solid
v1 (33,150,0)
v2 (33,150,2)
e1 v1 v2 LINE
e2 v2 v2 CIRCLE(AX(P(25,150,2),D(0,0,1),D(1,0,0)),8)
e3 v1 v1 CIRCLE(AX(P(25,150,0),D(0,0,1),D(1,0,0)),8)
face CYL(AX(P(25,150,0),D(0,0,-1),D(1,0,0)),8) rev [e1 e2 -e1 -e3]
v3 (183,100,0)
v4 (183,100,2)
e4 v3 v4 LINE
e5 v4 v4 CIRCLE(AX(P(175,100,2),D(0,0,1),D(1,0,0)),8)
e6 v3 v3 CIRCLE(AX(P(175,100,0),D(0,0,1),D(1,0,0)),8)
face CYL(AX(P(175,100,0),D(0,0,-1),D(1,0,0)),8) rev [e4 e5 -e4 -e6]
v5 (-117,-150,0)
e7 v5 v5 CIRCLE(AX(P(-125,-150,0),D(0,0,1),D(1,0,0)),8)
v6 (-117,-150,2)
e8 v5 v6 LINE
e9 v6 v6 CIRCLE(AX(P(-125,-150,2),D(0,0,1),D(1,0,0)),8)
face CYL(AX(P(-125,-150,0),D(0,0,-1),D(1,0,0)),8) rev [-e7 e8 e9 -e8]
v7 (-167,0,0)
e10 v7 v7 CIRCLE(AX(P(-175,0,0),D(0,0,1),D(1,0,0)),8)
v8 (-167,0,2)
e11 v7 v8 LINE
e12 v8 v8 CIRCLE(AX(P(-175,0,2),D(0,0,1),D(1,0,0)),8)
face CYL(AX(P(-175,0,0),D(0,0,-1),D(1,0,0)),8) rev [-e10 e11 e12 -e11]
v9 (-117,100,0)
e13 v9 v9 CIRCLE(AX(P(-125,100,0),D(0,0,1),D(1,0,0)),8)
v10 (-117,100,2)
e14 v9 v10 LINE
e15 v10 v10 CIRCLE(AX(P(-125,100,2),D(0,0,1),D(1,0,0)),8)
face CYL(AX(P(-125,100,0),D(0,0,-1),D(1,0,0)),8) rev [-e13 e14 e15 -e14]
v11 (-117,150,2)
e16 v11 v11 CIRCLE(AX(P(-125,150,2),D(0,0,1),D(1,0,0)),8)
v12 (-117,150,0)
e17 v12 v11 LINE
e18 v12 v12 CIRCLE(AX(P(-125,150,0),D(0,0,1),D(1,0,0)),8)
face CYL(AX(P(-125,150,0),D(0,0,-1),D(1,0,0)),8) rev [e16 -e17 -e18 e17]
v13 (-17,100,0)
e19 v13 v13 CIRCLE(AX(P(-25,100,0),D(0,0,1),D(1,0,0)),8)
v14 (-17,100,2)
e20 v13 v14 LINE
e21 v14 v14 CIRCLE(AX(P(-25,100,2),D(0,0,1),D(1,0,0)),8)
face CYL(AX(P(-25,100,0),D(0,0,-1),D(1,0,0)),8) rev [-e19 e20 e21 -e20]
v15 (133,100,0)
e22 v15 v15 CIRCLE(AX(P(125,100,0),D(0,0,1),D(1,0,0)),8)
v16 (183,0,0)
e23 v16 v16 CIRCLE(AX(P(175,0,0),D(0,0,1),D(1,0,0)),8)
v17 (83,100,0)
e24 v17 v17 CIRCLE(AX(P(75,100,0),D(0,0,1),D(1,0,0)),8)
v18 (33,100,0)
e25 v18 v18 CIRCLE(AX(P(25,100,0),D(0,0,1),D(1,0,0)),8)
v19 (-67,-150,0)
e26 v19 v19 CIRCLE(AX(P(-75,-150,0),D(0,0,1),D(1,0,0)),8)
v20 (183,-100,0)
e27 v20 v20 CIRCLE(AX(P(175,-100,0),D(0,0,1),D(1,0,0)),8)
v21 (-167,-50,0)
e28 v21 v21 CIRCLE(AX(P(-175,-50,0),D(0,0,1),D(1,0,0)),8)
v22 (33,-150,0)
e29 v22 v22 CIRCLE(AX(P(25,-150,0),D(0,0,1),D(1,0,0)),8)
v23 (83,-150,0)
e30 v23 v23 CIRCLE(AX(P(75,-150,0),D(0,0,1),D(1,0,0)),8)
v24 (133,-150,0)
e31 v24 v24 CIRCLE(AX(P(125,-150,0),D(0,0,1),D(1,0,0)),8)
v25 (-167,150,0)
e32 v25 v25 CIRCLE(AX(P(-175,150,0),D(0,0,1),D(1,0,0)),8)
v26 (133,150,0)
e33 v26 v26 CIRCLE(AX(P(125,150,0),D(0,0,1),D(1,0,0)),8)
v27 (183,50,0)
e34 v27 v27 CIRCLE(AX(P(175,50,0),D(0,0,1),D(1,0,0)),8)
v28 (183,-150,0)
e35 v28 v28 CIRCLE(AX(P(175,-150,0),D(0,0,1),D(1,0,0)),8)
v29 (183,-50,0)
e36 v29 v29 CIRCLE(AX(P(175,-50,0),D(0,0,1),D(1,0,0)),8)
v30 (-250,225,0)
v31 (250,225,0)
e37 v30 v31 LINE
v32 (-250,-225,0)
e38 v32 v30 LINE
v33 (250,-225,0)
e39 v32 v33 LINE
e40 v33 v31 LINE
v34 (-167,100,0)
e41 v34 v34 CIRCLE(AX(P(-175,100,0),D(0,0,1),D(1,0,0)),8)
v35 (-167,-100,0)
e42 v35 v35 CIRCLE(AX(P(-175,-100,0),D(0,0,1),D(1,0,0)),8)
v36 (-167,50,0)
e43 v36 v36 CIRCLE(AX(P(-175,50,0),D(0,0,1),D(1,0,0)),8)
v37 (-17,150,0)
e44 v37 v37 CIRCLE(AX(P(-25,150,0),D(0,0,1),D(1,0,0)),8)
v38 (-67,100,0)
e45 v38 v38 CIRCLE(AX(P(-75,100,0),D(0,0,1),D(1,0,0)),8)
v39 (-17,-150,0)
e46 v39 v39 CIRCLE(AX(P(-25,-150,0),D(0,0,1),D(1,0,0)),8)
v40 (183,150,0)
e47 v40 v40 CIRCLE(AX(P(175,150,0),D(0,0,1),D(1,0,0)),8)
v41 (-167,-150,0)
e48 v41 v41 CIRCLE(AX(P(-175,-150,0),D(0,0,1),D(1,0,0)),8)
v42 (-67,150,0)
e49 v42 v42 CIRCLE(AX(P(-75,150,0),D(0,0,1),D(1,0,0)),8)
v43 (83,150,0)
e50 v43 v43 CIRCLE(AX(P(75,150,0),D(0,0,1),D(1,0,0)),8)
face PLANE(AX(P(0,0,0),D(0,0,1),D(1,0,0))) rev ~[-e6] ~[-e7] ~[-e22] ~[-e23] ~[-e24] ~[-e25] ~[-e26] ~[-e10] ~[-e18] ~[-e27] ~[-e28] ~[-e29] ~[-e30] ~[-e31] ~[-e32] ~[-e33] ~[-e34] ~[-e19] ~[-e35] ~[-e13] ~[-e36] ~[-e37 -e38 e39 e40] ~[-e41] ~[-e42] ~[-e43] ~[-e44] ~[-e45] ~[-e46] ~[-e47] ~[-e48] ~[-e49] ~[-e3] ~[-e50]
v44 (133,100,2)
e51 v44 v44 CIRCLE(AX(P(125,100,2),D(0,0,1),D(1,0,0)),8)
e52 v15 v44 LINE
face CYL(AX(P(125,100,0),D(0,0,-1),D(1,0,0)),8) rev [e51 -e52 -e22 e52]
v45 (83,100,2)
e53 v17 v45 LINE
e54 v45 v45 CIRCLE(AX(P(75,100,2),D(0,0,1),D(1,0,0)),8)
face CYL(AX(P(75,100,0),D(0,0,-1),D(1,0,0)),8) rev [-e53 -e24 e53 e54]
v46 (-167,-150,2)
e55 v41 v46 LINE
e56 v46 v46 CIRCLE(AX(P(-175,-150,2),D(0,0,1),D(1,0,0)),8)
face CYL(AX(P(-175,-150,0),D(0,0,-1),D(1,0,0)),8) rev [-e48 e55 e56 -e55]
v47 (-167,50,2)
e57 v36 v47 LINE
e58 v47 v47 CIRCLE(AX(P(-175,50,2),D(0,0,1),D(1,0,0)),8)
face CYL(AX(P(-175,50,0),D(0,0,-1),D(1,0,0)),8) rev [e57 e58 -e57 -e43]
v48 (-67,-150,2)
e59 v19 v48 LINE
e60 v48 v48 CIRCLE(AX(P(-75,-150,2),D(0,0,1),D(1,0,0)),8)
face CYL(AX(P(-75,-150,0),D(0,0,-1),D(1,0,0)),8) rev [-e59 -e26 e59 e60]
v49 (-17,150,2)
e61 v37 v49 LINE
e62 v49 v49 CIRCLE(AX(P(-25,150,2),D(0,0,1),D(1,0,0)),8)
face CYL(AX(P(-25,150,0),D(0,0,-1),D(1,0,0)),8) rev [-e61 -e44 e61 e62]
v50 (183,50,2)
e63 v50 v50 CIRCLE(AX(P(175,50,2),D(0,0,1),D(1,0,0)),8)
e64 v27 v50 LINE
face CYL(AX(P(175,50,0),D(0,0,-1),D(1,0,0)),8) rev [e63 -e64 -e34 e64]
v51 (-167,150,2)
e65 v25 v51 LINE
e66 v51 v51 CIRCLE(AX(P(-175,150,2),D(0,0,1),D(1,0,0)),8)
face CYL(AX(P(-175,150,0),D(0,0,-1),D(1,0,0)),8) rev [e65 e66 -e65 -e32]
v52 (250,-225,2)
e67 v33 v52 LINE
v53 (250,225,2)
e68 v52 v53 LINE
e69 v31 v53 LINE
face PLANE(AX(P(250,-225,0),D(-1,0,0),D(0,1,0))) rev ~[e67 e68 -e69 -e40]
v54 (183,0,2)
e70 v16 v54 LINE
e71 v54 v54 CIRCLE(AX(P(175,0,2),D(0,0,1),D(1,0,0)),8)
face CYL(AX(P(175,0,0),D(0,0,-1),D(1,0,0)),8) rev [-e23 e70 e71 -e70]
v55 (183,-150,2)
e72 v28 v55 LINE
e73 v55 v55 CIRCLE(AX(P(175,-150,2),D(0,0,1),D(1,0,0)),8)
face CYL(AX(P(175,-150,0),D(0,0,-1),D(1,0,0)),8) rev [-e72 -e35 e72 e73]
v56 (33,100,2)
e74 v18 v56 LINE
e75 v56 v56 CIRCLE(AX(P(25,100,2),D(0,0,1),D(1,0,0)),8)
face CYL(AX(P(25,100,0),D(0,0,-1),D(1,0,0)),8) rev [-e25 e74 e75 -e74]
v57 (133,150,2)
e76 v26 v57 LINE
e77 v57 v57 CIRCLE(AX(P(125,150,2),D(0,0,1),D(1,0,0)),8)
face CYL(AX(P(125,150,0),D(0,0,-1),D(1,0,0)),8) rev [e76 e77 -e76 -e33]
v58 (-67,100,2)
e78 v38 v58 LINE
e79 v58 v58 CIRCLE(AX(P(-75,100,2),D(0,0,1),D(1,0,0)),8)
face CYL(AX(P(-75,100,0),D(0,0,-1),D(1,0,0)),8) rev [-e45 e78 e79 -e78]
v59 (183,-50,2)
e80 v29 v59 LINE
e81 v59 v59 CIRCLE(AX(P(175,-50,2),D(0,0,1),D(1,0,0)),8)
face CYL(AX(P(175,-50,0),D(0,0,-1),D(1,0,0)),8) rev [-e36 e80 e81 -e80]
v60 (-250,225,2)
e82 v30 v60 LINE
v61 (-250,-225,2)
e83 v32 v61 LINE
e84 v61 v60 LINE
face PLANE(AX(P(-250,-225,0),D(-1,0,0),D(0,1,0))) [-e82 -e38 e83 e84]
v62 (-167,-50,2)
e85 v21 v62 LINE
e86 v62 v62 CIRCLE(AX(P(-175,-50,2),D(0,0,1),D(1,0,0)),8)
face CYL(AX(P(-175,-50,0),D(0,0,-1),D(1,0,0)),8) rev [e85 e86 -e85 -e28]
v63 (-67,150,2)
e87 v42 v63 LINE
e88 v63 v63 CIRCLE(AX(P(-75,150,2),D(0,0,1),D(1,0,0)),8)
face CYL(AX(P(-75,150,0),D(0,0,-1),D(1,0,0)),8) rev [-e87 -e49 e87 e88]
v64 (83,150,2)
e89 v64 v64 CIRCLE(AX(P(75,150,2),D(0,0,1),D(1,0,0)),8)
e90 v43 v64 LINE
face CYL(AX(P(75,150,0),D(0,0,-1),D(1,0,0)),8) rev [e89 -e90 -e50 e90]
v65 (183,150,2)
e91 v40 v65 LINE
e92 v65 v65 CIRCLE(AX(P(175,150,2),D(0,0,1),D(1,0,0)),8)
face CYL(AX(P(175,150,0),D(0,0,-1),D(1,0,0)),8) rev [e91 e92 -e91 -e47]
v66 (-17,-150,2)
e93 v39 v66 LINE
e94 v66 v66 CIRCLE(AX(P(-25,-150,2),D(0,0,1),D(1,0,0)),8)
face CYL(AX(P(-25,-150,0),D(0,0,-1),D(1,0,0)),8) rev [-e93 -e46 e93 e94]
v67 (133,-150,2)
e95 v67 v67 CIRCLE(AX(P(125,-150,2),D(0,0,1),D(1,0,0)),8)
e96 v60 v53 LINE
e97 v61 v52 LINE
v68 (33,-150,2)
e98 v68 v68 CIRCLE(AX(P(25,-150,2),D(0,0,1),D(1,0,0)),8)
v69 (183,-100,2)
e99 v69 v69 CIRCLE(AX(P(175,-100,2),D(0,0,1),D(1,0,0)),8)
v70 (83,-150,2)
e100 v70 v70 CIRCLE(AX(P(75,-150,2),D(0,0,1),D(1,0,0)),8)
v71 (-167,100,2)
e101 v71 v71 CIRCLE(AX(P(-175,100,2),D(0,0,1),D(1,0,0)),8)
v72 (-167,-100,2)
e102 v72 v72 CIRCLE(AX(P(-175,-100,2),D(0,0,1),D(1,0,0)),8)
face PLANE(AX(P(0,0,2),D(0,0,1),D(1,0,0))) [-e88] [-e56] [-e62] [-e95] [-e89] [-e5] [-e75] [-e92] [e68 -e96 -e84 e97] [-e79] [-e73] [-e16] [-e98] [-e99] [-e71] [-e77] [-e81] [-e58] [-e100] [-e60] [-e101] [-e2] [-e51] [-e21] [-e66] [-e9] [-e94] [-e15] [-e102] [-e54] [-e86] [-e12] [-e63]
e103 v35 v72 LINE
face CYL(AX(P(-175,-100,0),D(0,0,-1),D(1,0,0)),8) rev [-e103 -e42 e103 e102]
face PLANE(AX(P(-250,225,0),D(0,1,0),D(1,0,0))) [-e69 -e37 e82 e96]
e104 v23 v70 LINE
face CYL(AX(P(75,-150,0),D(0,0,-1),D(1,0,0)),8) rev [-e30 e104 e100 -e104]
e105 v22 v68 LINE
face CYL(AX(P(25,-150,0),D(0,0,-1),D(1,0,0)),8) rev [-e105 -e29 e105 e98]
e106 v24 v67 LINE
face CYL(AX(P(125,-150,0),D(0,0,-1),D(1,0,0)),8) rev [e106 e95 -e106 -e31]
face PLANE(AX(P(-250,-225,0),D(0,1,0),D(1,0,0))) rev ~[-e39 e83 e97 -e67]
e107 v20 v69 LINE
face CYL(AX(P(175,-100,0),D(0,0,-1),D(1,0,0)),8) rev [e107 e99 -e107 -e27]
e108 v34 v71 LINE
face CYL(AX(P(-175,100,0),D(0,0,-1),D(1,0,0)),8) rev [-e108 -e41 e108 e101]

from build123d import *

# Parameters (mm, degrees)
F0_W     = 500
F0_H     = 450
F0_R     = 8
F1_DEPTH = 2


with BuildPart() as f1:
    # F0 (on Top) → F1 (new body)
    with BuildSketch(Plane.XY):
        Rectangle(F0_W, F0_H)
        with Locations((-175, -150)):
            Circle(F0_R, mode=Mode.SUBTRACT)
        with Locations((-125, -150)):
            Circle(F0_R, mode=Mode.SUBTRACT)
        with Locations((-75, -150)):
            Circle(F0_R, mode=Mode.SUBTRACT)
        with Locations((-25, -150)):
            Circle(F0_R, mode=Mode.SUBTRACT)
        with Locations((-175, -100)):
            Circle(F0_R, mode=Mode.SUBTRACT)
        with Locations((-175, -50)):
            Circle(F0_R, mode=Mode.SUBTRACT)
        with Locations((25, -150)):
            Circle(F0_R, mode=Mode.SUBTRACT)
        with Locations((75, -150)):
            Circle(F0_R, mode=Mode.SUBTRACT)
        with Locations((125, -150)):
            Circle(F0_R, mode=Mode.SUBTRACT)
        with Locations((175, -150)):
            Circle(F0_R, mode=Mode.SUBTRACT)
        with Locations((175, -100)):
            Circle(F0_R, mode=Mode.SUBTRACT)
        with Locations((175, -50)):
            Circle(F0_R, mode=Mode.SUBTRACT)
        with Locations((-175, 0)):
            Circle(F0_R, mode=Mode.SUBTRACT)
        with Locations((-175, 50)):
            Circle(F0_R, mode=Mode.SUBTRACT)
        with Locations((-175, 100)):
            Circle(F0_R, mode=Mode.SUBTRACT)
        with Locations((-125, 100)):
            Circle(F0_R, mode=Mode.SUBTRACT)
        with Locations((-75, 100)):
            Circle(F0_R, mode=Mode.SUBTRACT)
        with Locations((-25, 100)):
            Circle(F0_R, mode=Mode.SUBTRACT)
        with Locations((-175, 150)):
            Circle(F0_R, mode=Mode.SUBTRACT)
        with Locations((-125, 150)):
            Circle(F0_R, mode=Mode.SUBTRACT)
        with Locations((-75, 150)):
            Circle(F0_R, mode=Mode.SUBTRACT)
        with Locations((-25, 150)):
            Circle(F0_R, mode=Mode.SUBTRACT)
        with Locations((25, 100)):
            Circle(F0_R, mode=Mode.SUBTRACT)
        with Locations((75, 100)):
            Circle(F0_R, mode=Mode.SUBTRACT)
        with Locations((175, 0)):
            Circle(F0_R, mode=Mode.SUBTRACT)
        with Locations((175, 50)):
            Circle(F0_R, mode=Mode.SUBTRACT)
        with Locations((125, 100)):
            Circle(F0_R, mode=Mode.SUBTRACT)
        with Locations((175, 100)):
            Circle(F0_R, mode=Mode.SUBTRACT)
        with Locations((25, 150)):
            Circle(F0_R, mode=Mode.SUBTRACT)
        with Locations((75, 150)):
            Circle(F0_R, mode=Mode.SUBTRACT)
        with Locations((125, 150)):
            Circle(F0_R, mode=Mode.SUBTRACT)
        with Locations((175, 150)):
            Circle(F0_R, mode=Mode.SUBTRACT)
    extrude(amount=F1_DEPTH)


solid = f1.part
